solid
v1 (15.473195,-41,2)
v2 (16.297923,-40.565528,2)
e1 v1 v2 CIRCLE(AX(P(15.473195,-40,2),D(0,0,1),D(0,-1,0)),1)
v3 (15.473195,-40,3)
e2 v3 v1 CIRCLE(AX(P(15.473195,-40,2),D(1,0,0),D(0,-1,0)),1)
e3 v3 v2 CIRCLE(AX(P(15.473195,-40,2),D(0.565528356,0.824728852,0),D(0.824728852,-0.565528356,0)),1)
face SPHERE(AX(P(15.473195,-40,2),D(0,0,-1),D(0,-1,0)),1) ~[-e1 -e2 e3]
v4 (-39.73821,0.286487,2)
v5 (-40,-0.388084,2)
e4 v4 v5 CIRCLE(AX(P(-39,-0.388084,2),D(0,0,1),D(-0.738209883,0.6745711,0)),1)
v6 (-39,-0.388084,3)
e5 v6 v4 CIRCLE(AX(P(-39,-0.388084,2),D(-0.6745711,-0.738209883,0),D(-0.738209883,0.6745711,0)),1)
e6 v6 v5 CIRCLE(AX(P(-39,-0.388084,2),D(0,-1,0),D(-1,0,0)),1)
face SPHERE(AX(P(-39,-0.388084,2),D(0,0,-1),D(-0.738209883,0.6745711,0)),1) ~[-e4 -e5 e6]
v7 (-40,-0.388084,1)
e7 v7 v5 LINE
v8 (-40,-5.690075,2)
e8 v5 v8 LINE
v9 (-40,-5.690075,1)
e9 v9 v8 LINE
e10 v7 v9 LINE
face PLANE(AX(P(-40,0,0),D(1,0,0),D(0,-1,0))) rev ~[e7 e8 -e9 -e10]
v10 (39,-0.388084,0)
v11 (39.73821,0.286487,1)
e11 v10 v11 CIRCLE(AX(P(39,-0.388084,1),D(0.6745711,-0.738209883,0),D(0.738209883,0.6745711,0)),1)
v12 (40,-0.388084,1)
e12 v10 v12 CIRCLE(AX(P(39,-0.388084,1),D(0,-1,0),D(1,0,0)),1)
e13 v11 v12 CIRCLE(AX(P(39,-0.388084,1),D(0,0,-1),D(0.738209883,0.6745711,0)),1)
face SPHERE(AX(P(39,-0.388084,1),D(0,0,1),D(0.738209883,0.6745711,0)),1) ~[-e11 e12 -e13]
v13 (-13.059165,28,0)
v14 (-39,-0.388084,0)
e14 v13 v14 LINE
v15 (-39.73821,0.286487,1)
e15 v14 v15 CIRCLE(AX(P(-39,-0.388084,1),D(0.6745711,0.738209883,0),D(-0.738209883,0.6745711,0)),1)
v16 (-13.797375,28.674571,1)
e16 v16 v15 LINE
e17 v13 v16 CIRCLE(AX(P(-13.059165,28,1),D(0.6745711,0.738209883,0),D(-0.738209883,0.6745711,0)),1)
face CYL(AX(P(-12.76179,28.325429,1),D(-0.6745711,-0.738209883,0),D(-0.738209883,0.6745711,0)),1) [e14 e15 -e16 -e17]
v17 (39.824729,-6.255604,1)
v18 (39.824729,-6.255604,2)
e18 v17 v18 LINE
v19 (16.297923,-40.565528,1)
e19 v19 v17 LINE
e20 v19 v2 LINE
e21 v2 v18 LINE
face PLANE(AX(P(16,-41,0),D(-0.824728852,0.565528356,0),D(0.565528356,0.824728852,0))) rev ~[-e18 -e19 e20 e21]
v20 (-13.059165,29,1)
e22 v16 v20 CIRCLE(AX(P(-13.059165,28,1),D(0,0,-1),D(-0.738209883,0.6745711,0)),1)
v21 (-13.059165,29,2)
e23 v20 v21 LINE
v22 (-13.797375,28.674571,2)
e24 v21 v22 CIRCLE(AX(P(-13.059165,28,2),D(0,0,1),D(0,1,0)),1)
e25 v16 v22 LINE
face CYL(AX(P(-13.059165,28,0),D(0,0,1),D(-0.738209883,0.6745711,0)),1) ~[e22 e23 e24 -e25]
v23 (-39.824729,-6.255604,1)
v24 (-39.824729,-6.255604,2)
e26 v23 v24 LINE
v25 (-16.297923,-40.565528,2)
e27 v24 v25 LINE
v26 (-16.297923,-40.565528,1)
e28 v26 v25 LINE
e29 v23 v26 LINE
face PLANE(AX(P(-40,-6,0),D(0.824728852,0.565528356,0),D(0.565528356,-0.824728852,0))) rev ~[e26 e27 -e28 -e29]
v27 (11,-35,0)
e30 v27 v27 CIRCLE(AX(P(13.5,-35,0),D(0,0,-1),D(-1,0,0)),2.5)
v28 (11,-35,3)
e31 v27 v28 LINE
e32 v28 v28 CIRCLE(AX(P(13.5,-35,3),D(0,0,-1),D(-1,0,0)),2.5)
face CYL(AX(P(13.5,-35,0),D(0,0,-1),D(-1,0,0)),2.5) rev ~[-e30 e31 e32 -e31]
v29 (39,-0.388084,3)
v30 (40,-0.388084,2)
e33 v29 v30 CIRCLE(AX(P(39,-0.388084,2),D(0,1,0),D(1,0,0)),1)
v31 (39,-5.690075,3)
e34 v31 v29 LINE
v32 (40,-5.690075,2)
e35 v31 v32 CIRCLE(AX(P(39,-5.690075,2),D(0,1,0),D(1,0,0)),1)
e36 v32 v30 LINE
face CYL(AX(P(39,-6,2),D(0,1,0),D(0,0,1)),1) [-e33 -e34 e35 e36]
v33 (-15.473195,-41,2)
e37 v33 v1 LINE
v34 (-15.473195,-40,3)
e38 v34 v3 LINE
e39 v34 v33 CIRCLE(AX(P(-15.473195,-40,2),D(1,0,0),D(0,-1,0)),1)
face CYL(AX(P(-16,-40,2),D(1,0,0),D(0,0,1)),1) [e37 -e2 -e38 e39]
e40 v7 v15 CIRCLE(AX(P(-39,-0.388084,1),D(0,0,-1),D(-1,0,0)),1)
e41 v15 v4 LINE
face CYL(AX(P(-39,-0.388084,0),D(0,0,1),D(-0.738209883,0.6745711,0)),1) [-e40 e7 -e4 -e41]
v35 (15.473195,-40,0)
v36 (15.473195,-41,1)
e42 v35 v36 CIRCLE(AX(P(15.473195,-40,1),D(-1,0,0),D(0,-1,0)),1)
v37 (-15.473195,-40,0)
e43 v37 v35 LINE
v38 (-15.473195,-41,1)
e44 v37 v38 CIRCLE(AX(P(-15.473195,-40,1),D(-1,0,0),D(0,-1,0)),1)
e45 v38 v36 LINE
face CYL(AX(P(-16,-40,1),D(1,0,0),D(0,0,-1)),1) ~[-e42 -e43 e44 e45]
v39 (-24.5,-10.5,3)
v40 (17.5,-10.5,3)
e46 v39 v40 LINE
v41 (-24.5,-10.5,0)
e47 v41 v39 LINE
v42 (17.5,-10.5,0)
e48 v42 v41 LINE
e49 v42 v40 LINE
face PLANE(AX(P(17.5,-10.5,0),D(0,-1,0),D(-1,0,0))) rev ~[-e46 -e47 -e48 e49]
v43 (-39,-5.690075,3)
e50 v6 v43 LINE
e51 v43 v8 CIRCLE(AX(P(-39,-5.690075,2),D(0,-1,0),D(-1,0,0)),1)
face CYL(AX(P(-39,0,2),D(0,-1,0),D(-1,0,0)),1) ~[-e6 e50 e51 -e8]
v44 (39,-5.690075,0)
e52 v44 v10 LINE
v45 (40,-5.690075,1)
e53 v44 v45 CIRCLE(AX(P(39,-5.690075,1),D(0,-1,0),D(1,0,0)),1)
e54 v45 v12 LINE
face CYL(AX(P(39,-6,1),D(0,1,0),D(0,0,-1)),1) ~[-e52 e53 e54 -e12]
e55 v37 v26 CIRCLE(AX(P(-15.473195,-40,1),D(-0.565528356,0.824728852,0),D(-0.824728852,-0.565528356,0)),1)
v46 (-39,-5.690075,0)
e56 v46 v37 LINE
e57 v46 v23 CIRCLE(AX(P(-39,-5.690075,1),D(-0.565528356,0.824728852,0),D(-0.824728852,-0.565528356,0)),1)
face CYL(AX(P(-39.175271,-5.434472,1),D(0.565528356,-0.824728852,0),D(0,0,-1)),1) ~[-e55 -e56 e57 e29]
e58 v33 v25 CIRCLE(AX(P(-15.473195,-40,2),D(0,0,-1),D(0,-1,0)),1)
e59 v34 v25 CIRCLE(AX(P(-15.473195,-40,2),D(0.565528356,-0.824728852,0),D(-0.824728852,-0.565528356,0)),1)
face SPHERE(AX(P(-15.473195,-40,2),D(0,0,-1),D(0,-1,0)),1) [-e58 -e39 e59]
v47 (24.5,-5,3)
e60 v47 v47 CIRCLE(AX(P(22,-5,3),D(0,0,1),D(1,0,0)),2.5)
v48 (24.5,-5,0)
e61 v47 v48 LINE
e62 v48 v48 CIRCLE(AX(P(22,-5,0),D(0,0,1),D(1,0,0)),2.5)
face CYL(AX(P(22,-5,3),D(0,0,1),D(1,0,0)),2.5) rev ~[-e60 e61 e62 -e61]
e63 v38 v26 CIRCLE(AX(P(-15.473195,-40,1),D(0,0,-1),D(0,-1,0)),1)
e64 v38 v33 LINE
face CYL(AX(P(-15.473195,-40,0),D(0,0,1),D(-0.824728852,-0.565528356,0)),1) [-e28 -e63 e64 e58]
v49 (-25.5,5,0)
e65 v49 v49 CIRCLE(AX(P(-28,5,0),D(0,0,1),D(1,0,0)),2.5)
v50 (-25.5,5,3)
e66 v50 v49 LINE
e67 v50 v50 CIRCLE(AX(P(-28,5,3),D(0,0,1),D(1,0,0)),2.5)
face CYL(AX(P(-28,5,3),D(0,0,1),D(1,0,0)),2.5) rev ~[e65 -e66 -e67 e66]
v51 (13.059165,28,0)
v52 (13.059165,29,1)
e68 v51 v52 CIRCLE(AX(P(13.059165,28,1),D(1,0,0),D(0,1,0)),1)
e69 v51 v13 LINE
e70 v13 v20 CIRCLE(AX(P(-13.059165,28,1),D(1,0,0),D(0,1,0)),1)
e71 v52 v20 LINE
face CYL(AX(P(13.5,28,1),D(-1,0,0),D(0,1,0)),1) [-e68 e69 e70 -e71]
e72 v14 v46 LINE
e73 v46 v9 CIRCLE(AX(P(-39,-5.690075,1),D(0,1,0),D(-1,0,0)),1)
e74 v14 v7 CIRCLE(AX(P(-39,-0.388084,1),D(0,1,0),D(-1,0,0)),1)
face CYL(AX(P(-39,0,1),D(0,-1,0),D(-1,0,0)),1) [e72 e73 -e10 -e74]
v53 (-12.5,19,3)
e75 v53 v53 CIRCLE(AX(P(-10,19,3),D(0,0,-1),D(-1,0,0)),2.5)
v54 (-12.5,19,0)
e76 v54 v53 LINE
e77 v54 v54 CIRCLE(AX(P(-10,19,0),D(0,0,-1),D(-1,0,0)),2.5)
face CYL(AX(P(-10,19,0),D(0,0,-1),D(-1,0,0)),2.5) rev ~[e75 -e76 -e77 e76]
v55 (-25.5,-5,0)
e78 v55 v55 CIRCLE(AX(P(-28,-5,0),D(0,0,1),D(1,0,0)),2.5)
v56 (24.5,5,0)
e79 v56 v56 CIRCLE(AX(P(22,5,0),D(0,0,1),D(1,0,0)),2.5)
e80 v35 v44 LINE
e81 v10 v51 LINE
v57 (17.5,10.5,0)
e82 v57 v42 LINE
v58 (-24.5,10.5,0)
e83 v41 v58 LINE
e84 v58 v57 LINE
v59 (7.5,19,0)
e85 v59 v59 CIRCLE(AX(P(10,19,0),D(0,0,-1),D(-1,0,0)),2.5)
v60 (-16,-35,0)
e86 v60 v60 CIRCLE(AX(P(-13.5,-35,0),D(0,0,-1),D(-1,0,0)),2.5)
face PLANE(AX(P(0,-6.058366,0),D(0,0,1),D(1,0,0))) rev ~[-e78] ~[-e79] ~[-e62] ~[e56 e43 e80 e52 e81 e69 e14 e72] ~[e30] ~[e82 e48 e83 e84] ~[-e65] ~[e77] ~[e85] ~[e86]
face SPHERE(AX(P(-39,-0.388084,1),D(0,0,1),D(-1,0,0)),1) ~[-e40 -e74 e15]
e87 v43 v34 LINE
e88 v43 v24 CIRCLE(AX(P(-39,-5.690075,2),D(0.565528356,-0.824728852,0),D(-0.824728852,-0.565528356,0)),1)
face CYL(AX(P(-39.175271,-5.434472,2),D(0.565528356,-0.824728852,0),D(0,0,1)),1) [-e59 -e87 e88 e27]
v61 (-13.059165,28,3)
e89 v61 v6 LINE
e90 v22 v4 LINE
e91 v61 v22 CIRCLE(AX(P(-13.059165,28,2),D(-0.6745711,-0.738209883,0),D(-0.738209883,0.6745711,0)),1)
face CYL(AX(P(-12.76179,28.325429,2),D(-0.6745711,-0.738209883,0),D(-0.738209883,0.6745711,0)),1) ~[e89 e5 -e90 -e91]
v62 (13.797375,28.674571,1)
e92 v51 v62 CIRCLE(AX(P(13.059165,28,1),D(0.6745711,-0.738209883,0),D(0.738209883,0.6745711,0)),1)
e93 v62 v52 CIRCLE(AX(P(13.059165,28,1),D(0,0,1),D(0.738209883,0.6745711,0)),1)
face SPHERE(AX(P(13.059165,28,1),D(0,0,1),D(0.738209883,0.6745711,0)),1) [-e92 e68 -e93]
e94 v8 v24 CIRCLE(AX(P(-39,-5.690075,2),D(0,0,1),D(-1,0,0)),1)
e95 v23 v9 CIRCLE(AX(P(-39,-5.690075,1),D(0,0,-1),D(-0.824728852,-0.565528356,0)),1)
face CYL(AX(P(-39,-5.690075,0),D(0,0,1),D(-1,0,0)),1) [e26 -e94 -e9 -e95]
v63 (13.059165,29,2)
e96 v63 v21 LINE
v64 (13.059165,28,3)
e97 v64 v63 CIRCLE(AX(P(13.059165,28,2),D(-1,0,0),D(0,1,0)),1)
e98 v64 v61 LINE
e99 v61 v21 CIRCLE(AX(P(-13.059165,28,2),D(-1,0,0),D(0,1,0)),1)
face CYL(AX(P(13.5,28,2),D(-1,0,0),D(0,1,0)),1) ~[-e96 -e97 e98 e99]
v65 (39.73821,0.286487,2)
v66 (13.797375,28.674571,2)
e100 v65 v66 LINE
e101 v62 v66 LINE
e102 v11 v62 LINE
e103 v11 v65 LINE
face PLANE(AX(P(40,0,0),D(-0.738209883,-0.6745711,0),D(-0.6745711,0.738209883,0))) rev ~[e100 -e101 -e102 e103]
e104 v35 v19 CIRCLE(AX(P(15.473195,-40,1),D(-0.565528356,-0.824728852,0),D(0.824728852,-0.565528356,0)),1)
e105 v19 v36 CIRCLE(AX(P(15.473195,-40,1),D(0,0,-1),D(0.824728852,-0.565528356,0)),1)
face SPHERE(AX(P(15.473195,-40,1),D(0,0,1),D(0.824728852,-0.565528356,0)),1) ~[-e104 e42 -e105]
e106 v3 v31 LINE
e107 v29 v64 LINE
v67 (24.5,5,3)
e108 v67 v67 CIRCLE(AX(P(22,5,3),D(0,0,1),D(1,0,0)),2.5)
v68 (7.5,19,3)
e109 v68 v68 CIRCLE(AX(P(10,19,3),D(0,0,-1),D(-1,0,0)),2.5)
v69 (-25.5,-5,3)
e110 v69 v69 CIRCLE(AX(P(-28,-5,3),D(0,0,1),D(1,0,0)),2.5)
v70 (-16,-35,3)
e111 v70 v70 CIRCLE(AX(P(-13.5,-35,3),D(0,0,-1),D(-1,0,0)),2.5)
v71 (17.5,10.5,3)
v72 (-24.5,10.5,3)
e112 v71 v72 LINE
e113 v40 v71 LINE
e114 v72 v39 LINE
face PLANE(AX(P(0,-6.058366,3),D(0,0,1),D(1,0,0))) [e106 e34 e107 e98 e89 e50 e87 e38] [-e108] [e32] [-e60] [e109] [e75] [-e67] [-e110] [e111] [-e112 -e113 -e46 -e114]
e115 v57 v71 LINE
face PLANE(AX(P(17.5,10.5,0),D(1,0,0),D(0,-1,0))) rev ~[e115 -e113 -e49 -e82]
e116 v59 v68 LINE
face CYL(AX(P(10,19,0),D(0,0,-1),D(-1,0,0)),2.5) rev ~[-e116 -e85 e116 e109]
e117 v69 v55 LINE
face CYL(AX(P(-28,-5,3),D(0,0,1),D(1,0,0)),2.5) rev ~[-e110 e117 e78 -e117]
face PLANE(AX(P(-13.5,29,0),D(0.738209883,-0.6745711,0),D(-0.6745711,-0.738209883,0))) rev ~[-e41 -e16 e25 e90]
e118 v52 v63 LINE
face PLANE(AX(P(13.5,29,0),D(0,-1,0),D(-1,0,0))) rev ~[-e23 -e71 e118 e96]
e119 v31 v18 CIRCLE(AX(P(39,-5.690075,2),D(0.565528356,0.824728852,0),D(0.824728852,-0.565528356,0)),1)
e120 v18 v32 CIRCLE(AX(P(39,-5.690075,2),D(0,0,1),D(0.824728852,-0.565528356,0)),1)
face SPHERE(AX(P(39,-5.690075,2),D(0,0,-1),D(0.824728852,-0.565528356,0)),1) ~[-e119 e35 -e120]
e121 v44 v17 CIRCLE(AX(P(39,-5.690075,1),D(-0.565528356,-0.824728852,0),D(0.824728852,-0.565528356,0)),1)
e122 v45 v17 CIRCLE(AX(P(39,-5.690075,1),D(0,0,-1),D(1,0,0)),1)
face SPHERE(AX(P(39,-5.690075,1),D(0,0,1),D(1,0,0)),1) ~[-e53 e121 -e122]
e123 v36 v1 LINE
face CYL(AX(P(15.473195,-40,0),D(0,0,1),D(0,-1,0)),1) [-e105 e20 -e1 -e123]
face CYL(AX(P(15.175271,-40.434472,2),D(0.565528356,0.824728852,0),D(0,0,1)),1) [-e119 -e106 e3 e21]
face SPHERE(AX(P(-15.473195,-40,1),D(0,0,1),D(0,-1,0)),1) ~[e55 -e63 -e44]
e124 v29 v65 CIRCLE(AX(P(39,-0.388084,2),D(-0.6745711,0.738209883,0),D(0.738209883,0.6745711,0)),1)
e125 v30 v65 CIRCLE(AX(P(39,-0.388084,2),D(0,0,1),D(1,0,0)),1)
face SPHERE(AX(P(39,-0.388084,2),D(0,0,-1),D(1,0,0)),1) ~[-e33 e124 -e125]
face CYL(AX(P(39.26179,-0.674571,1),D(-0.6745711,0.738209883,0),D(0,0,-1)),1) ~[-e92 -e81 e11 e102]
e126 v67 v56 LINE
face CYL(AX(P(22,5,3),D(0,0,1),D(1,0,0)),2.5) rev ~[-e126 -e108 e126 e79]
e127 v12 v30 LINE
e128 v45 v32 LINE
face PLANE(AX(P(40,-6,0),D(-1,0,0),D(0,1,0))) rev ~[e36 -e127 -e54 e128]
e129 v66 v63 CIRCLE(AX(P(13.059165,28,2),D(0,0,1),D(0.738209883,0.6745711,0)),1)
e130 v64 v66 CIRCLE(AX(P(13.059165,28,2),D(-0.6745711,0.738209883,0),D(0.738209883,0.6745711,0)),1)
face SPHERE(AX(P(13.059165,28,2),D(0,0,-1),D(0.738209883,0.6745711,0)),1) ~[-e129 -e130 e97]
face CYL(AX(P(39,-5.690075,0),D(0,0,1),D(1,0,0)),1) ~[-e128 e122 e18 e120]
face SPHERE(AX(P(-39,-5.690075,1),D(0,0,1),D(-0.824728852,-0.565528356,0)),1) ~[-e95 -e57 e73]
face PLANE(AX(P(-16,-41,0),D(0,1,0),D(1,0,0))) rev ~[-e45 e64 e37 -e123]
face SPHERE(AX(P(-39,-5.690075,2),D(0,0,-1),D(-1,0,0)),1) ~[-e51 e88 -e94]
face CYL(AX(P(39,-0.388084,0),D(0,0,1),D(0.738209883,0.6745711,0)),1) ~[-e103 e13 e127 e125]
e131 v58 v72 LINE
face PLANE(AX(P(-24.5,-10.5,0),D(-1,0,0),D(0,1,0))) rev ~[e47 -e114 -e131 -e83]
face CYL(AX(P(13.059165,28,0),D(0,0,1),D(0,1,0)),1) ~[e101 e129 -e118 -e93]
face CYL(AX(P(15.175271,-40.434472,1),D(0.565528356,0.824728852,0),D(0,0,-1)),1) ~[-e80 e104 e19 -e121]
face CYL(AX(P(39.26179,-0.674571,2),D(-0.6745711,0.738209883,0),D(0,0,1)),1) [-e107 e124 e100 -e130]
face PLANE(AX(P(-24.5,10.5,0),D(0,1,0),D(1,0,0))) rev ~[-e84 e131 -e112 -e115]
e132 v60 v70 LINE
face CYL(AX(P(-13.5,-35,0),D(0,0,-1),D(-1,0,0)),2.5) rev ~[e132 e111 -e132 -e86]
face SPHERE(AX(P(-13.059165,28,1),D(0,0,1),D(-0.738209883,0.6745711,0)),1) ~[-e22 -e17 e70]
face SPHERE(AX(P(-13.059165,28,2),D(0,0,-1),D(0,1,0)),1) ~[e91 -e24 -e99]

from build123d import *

# Parameters (mm, degrees)
BOSS_EXTRUDE1_DEPTH = 3
SKETCH2_R           = 2.5
CUT_EXTRUDE1_DEPTH  = 10
CUT_EXTRUDE2_DEPTH  = 10
SKETCH5_R           = 2.5
CUT_EXTRUDE3_DEPTH  = 10
FILLET1_R           = 1


with BuildPart() as part:
    # Sketch1 → Boss-Extrude1 (new body)
    with BuildSketch(Plane.XY):
        Polygon((-13.5, 29), (-40, 0), (-40, -6), (-16, -41), (16, -41), (40, -6), (40, 0), (13.5, 29), align=None)
    extrude(amount=BOSS_EXTRUDE1_DEPTH)

    # Sketch2 → Cut-Extrude1 (cut)
    with BuildSketch(Plane(origin=(0, 0, 0), x_dir=(-1, 0, 0), z_dir=(0, 0, -1))):
        with Locations((-10, 19)):
            Circle(SKETCH2_R)
        with Locations((10, 19)):
            Circle(SKETCH2_R)
        with Locations((-13.5, -35)):
            Circle(SKETCH2_R)
        with Locations((13.5, -35)):
            Circle(SKETCH2_R)
    extrude(amount=-CUT_EXTRUDE1_DEPTH, mode=Mode.SUBTRACT)

    # Sketch3 → Cut-Extrude2 (cut)
    with BuildSketch(Plane(origin=(0, 0, 0), x_dir=(-1, 0, 0), z_dir=(0, 0, -1))):
        Polygon((24.5, 0), (24.5, 10.5), (-17.5, 10.5), (-17.5, -10.5), (24.5, -10.5), align=None)
    extrude(amount=-CUT_EXTRUDE2_DEPTH, mode=Mode.SUBTRACT)

    # Sketch5 → Cut-Extrude3 (cut)
    with BuildSketch(Plane.XY.offset(3)):
        with Locations((-28, -5)):
            Circle(SKETCH5_R)
        with Locations((-28, 5)):
            Circle(SKETCH5_R)
        with Locations((22, -5)):
            Circle(SKETCH5_R)
        with Locations((22, 5)):
            Circle(SKETCH5_R)
    extrude(amount=-CUT_EXTRUDE3_DEPTH, mode=Mode.SUBTRACT)

    # Fillet1
    fillet1_edges = [part.edges().sort_by_distance(p)[0] for p in [
        (-40, -3, 3),
        (-26.75, 14.5, 0),
        (0, 29, 0),
        (-28, -23.5, 3),
        (13.5, 29, 1.5),
        (40, 0, 1.5),
        (40, -6, 1.5),
        (16, -41, 1.5),
        (-16, -41, 1.5),
        (-40, -6, 1.5),
        (-40, 0, 1.5),
        (-13.5, 29, 1.5),
        (0, -41, 3),
        (28, -23.5, 3),
        (40, -3, 3),
        (26.75, 14.5, 3),
        (0, 29, 3),
        (-26.75, 14.5, 3),
        (26.75, 14.5, 0),
        (40, -3, 0),
        (28, -23.5, 0),
        (0, -41, 0),
        (-28, -23.5, 0),
        (-40, -3, 0),
    ]]
    fillet(fillet1_edges, radius=FILLET1_R)


solid = part.part
